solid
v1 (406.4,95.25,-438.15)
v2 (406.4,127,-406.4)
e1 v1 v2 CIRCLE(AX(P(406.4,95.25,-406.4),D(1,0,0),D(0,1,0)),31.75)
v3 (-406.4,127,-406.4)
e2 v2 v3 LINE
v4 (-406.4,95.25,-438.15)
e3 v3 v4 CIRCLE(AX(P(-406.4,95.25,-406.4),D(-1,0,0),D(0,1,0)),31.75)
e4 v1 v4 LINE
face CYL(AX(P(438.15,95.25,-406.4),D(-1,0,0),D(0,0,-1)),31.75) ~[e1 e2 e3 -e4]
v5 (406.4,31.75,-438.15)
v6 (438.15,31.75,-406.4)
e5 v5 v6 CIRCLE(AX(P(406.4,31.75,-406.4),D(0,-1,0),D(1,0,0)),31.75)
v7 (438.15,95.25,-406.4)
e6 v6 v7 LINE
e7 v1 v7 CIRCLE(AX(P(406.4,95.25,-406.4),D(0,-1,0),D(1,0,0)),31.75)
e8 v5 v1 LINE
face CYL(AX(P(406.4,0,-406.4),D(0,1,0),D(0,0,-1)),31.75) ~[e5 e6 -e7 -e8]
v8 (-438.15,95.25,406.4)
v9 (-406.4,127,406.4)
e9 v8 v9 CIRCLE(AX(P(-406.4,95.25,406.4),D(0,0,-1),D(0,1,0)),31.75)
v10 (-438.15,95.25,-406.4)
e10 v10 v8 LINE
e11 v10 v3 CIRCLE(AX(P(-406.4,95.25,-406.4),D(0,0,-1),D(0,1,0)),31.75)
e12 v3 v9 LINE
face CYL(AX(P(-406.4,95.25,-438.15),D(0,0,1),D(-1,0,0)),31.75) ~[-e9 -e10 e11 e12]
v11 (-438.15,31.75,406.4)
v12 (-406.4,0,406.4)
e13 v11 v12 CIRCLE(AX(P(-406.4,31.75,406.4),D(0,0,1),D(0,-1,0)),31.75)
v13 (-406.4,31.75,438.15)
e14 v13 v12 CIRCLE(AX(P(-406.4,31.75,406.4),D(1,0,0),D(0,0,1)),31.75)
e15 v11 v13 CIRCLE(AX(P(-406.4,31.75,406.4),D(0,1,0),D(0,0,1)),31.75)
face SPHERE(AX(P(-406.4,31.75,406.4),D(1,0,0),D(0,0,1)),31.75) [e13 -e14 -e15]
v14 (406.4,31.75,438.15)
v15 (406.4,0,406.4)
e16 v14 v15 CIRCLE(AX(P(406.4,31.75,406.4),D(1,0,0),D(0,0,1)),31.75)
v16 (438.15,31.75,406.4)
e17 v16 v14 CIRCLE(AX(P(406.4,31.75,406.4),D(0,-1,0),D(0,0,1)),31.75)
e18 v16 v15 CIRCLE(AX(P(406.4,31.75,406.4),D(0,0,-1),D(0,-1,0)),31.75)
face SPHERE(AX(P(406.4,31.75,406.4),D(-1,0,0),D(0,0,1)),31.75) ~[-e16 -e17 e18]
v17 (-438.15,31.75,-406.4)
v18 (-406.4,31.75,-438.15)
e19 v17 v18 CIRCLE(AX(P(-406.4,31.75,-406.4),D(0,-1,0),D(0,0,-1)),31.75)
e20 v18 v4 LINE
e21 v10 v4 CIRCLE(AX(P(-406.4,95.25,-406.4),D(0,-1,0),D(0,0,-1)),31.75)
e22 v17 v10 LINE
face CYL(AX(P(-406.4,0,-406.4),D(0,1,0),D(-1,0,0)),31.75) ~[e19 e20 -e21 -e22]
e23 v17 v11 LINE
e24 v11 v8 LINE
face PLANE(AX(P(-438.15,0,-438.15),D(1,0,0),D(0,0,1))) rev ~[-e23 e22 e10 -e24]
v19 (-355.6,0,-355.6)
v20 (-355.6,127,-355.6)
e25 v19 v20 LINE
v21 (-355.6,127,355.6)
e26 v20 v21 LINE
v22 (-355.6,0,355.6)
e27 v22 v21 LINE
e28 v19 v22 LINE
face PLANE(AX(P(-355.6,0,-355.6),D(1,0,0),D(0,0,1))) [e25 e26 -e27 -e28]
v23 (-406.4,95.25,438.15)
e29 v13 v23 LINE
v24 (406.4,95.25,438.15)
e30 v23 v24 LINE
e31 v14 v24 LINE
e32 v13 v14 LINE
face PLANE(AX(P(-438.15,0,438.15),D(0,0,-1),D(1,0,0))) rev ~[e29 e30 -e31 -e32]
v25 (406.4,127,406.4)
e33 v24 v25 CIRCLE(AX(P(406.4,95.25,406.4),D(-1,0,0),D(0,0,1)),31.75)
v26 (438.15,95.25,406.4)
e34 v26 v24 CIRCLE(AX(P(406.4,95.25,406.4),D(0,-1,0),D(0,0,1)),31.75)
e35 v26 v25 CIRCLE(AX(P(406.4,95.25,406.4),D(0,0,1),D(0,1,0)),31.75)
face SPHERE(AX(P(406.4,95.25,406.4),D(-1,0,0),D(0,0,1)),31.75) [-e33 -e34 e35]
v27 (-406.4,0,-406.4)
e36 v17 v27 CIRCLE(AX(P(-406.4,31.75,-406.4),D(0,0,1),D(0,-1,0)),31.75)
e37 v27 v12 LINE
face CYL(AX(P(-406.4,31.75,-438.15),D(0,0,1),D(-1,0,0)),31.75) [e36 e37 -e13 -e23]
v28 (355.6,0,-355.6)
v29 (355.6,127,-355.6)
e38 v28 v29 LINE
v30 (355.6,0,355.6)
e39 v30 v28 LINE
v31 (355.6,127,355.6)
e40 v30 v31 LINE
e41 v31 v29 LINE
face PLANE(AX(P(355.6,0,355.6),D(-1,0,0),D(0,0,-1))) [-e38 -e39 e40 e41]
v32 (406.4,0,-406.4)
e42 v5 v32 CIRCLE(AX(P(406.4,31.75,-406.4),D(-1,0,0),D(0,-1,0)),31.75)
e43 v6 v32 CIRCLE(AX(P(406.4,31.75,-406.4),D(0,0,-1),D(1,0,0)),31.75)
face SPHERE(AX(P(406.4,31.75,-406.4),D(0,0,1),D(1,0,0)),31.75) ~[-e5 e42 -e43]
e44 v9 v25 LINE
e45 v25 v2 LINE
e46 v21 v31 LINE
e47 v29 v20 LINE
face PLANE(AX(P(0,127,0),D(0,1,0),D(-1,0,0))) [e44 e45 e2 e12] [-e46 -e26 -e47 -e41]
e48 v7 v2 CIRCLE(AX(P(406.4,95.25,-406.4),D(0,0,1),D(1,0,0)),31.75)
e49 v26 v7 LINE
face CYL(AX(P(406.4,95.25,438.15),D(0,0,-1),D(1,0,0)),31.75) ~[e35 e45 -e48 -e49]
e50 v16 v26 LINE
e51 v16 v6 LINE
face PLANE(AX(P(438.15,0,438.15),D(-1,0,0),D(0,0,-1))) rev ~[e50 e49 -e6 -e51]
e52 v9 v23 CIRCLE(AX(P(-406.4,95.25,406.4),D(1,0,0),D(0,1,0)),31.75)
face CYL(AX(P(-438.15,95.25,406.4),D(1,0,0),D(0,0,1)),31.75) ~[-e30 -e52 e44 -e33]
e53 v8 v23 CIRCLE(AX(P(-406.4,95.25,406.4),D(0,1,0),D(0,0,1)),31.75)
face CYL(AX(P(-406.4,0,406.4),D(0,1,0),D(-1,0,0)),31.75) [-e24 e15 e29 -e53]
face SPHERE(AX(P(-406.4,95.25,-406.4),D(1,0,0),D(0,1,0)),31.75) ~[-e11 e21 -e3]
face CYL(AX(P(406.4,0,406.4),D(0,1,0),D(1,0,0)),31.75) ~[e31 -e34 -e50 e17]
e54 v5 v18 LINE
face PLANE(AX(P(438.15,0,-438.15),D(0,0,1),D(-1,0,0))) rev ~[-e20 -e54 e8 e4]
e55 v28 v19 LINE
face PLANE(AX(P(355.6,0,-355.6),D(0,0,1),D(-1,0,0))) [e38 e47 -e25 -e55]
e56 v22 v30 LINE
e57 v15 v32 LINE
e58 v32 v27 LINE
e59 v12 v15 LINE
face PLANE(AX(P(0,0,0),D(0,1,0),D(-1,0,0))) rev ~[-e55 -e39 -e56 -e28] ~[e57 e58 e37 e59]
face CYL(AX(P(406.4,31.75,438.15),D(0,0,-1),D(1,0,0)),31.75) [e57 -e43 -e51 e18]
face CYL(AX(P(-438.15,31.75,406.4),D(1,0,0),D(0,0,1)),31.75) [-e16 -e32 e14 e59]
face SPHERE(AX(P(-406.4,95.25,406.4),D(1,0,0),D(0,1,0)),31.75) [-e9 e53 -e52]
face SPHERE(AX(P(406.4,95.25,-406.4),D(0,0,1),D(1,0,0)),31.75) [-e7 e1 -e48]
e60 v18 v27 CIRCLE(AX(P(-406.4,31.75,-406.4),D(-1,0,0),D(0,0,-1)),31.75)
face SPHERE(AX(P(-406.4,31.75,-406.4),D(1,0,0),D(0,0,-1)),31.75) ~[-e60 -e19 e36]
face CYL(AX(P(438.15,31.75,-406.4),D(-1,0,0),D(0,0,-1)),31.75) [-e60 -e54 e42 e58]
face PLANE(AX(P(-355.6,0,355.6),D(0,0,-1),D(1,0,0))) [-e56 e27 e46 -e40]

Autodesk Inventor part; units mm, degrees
ref_plane "YZ Plane" through (0, 0, 0) normal (1, 0, 0) x (0, 1, 0)
ref_plane "XZ Plane" through (0, 0, 0) normal (0, 1, 0) x (-1, 0, 0)
ref_plane "XY Plane" through (0, 0, 0) normal (0, 0, 1) x (1, 0, 0)
sketch "Sketch1" plane through (0, 0, 0) normal (0, 1, 0) x (-1, 0, 0)
  line L0 (355.6, 355.6) -> (-355.6, 355.6)
  line L1 (-355.6, 355.6) -> (-355.6, -355.6)
  line L2 (-355.6, -355.6) -> (355.6, -355.6)
  line L3 (355.6, -355.6) -> (355.6, 355.6)
  line L4 (355.6, 355.6) -> (-355.6, -355.6) construction
  line L5 (-355.6, 355.6) -> (355.6, -355.6) construction
  line L6 (438.15, 438.15) -> (-438.15, 438.15)
  line L7 (-438.15, 438.15) -> (-438.15, -438.15)
  line L8 (-438.15, -438.15) -> (438.15, -438.15)
  line L9 (438.15, -438.15) -> (438.15, 438.15)
  line L10 (438.15, 438.15) -> (-438.15, -438.15) construction
  line L11 (-438.15, 438.15) -> (438.15, -438.15) construction
  point P0 (0, 0)
  dimension "d0" = 82.55
  dimension "d1" = 82.55
  dimension "d2" = 711.2
  dimension "d3" = 711.2
extrude "Extrusion1" add sketch "Sketch1" along normal blind 127
fillet "Fillet1" radius 31.75 12 edges at (0, 127, 438.15) (0, 0, 438.15) (438.15, 63.5, 438.15) (438.15, 127, 0) (438.15, 0, 0) (438.15, 63.5, -438.15) (0, 127, -438.15) (-438.15, 127, 0) (-438.15, 63.5, 438.15) (0, 0, -438.15) (-438.15, 63.5, -438.15) (-438.15, 0, 0)
sketch "Bumper_Gaps" plane through (0, 127, 0) normal (0, 1, 0) x (1, 0, 0)
  line L0 (-203.2, -438.15) -> (203.2, -438.15)
  line L1 (203.2, -438.15) -> (203.2, -355.6)
  line L2 (203.2, -355.6) -> (-203.2, -355.6)
  line L3 (-203.2, -355.6) -> (-203.2, -438.15)
  line L4 (-203.2, -438.15) -> (203.2, -355.6) construction
  line L5 (203.2, -438.15) -> (-203.2, -355.6) construction
  line L6 (-438.15, -254) -> (-355.6, -254)
  line L7 (-355.6, -254) -> (-355.6, 254)
  line L8 (-355.6, 254) -> (-438.15, 254)
  line L9 (-438.15, 254) -> (-438.15, -254)
  line L10 (-438.15, -254) -> (-355.6, 254) construction
  line L11 (-355.6, -254) -> (-438.15, 254) construction
  line L12 (355.6, -254) -> (438.15, -254)
  line L13 (438.15, -254) -> (438.15, 254)
  line L14 (438.15, 254) -> (355.6, 254)
  line L15 (355.6, 254) -> (355.6, -254)
  line L16 (355.6, -254) -> (438.15, 254) construction
  line L17 (438.15, -254) -> (355.6, 254) construction
  line L18 (-355.6, -355.6) -> (-355.6, 355.6) projected
  line L19 (-438.15, 406.4) -> (-438.15, -406.4) projected
  line L20 (355.6, 355.6) -> (355.6, -355.6) projected
  line L21 (438.15, -406.4) -> (438.15, 406.4) projected
  line L22 (355.6, -355.6) -> (-355.6, -355.6) projected
  line L23 (-406.4, -438.15) -> (406.4, -438.15) projected
  line L24 (-196.85, 355.6) -> (196.85, 355.6)
  line L25 (196.85, 355.6) -> (196.85, 438.15)
  line L26 (196.85, 438.15) -> (-196.85, 438.15)
  line L27 (-196.85, 438.15) -> (-196.85, 355.6)
  line L28 (-196.85, 355.6) -> (196.85, 438.15) construction
  line L29 (196.85, 355.6) -> (-196.85, 438.15) construction
  line L30 (406.4, 438.15) -> (-406.4, 438.15) projected
  line L31 (-355.6, 355.6) -> (355.6, 355.6) projected
  point P0 (0, 0)
  point P1 (0, -396.875)
  point P2 (-396.875, 0)
  point P3 (396.875, 0)
  point P4 (0, 396.875)
  dimension "d15" = 406.4
  dimension "d16" = 393.7
  dimension "d17" = 508
  dimension "d18" = 508
extrude "Front_Gap" [suppressed]
extrude "Back_Gap" [suppressed]
extrude "Left_Gap" [suppressed]
extrude "Right_Gap" [suppressed]
equation "\"d1\" = d0"
equation "\"d2\" = Length"
equation "\"d3\" = Width"
equation "\"d15\" = Front_Width"
equation "\"d16\" = Back_Width"
equation "\"d17\" = Left_Width"
equation "\"d18\" = Right_Width"
equation "\"Length\" = 711.2"
equation "\"Width\" = 711.2"
equation "\"Front_Width\" = 406.4"
equation "\"Back_Width\" = 393.7"
equation "\"Left_Width\" = 508"
equation "\"Right_Width\" = 508"
equation "\"Front_Edge\" = 152.4"
equation "\"Back_Edge\" = 152.4"
equation "\"Left_Edge\" = 152.4"
equation "\"Right_Edge\" = 152.4"
equation "\"FECalc\" = -0.5 * Front_Width + 0.5 * Width"
equation "\"BECalc\" = -0.5 * Back_Width + 0.5 * Width"
equation "\"LECalc\" = -0.5 * Left_Width + 0.5 * Length"
equation "\"RECalc\" = -0.5 * Right_Width + 0.5 * Length"
equation "\"FWCalc\" = Width - 2 * Front_Edge"
equation "\"BWCalc\" = Width - 2 * Back_Edge"
equation "\"LWCalc\" = Length - 2 * Left_Edge"
equation "\"RWCalc\" = Length - 2 * Right_Edge"
properties part number "Bumpers"
